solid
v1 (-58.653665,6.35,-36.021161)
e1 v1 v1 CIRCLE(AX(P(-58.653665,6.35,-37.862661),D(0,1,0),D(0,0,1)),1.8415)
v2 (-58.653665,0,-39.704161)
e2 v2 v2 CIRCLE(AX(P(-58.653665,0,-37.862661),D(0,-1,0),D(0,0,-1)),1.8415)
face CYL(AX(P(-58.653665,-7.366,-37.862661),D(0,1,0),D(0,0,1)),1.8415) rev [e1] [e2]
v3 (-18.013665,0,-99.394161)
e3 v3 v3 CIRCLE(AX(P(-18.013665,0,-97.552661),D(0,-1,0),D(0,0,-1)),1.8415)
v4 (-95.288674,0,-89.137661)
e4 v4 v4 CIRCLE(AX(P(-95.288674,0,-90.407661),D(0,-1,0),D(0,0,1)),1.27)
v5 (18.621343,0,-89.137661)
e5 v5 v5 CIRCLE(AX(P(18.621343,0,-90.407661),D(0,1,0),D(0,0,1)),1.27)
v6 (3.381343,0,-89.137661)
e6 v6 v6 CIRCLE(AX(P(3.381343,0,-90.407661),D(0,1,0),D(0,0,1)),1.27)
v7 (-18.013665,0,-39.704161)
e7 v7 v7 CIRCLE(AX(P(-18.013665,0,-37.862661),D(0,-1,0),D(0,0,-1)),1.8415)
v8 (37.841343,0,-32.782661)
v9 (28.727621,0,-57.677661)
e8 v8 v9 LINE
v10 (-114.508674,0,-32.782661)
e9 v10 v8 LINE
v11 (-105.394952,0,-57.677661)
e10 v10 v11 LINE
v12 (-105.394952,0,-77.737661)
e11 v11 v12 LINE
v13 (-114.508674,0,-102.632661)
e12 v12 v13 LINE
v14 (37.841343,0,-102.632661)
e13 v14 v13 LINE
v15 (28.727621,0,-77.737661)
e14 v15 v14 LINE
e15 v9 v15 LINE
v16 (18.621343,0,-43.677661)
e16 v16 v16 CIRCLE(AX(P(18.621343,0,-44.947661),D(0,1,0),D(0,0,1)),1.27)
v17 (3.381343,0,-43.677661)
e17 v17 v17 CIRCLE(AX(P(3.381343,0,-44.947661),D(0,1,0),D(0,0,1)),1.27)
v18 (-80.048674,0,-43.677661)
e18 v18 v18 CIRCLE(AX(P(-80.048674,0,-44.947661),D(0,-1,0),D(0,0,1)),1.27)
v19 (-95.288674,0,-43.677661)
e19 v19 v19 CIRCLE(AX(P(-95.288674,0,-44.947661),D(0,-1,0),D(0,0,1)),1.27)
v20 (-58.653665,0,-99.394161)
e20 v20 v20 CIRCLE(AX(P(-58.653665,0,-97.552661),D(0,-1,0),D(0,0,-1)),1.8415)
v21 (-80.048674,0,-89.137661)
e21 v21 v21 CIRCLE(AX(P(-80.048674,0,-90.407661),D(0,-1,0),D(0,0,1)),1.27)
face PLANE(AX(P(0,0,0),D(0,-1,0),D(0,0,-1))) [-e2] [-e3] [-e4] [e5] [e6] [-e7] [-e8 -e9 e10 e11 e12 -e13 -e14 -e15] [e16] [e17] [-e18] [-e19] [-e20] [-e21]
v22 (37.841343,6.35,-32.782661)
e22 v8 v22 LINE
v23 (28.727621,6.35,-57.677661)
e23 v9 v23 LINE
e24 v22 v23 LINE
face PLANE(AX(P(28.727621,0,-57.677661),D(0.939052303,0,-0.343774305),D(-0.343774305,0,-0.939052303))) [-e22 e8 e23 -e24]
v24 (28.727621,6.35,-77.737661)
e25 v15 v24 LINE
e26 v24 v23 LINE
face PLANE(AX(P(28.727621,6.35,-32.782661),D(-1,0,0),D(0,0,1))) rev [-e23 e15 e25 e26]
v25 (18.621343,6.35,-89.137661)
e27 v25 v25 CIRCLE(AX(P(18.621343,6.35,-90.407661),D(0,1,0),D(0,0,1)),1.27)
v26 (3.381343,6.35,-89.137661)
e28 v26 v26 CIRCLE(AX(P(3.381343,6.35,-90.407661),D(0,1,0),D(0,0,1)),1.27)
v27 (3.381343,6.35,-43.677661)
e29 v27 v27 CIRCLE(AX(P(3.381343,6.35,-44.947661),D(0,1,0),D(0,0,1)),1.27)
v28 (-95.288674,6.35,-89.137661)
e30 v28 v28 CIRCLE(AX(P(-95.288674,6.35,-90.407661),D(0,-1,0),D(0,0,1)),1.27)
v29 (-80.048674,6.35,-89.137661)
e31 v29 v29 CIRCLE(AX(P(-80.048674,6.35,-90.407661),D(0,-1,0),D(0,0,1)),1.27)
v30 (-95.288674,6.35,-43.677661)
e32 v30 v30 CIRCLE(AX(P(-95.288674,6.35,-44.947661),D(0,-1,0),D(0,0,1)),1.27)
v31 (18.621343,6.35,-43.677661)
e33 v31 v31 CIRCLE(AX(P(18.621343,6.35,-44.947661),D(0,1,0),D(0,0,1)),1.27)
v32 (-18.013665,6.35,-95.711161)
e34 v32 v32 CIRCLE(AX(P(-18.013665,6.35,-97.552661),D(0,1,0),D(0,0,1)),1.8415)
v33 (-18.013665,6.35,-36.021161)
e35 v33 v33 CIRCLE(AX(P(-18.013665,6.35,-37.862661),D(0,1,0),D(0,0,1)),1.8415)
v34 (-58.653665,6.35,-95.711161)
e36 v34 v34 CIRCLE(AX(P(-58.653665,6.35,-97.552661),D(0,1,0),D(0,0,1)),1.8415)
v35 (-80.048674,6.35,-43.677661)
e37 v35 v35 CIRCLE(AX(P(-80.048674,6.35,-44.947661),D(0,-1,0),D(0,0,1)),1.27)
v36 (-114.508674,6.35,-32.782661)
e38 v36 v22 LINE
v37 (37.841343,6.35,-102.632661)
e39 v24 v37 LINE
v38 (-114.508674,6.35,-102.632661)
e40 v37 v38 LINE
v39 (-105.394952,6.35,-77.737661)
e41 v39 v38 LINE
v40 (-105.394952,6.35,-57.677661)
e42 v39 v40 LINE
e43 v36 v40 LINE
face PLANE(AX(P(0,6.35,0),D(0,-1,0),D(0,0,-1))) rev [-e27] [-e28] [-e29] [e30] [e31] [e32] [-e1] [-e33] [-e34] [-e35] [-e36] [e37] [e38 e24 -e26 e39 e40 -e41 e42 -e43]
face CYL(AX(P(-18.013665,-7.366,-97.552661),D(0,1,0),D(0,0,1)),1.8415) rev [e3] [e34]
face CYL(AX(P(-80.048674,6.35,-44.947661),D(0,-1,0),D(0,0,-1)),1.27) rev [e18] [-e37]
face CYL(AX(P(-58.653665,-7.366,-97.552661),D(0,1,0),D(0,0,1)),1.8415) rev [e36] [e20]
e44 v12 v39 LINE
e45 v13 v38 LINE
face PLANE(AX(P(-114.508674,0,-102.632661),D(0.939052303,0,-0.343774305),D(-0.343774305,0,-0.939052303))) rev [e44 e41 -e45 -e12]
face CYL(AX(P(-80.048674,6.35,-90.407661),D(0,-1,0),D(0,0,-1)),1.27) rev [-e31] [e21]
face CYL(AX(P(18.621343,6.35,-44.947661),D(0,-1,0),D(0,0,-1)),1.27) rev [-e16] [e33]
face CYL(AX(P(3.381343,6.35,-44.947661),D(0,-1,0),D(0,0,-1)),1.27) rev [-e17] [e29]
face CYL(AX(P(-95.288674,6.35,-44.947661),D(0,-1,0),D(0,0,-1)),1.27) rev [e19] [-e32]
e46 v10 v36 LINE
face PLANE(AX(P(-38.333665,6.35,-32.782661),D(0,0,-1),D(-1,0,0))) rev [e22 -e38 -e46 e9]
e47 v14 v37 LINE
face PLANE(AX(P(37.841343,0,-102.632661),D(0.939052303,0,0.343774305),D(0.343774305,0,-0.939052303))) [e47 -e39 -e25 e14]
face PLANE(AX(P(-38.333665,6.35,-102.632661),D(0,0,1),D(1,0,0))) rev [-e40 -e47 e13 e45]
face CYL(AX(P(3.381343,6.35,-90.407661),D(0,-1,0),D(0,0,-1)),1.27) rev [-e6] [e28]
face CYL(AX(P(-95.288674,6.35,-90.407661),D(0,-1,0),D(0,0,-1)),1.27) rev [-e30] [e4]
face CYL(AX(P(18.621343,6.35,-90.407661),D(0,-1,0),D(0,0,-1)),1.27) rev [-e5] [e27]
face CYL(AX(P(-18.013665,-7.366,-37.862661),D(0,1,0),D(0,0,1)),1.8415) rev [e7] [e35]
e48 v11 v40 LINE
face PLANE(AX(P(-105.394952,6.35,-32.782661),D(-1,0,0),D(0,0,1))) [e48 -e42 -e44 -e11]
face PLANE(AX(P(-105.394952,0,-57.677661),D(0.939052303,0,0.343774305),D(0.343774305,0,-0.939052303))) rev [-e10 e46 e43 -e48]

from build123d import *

# Parameters (mm, degrees)
SKETCH1_W           = 67.061286962
SKETCH1_H           = 69.85
SKETCH1_R           = 1.27
BOSS_EXTRUDE1_DEPTH = 6.35
SKETCH2_W           = 20.976278342
SKETCH2_H           = 20.060000012
BOSS_EXTRUDE2_DEPTH = 12.7
BOSS_EXTRUDE3_DEPTH = 6.35
SKETCH4_W           = 170.998259203
SKETCH4_H           = 17.997071231
CUT_EXTRUDE1_DEPTH  = 70.85
SKETCH8_R           = 1.8415
CUT_EXTRUDE3_DEPTH  = 13.716


with BuildPart() as part:
    # Sketch1 → Boss-Extrude1 (new body)
    with BuildSketch(Plane(origin=(0, 0, 0), x_dir=(1, 0, 0), z_dir=(0, 1, 0))):
        with Locations((-4.803022, 67.707661351)):
            Rectangle(SKETCH1_W, SKETCH1_H)
        with Locations((3.381343157, 90.407661351)):
            Circle(SKETCH1_R, mode=Mode.SUBTRACT)
        with Locations((18.621343157, 90.407661351)):
            Circle(SKETCH1_R, mode=Mode.SUBTRACT)
        with Locations((3.381343157, 44.947661351)):
            Circle(SKETCH1_R, mode=Mode.SUBTRACT)
        with Locations((18.621343157, 44.947661351)):
            Circle(SKETCH1_R, mode=Mode.SUBTRACT)
    boss_extrude1 = extrude(amount=BOSS_EXTRUDE1_DEPTH)

    # Sketch2 → Boss-Extrude2 (add)
    with BuildSketch(Plane(origin=(0, 6.35, 0), x_dir=(1, 0, 0), z_dir=(0, 1, 0))):
        with Locations((18.23948231, 67.707661351)):
            Rectangle(SKETCH2_W, SKETCH2_H)
    boss_extrude2 = extrude(amount=BOSS_EXTRUDE2_DEPTH)

    # Sketch3 → Boss-Extrude3 (add)
    with BuildSketch(Plane(origin=(0, 6.35, 0), x_dir=(1, 0, 0), z_dir=(0, 1, 0))):
        Polygon((37.841343157, 102.632661351), (28.727621481, 77.737661357), (28.727621481, 102.632661351), align=None)
        Polygon((28.727621481, 57.677661345), (37.841343157, 32.782661351), (28.727621481, 32.782661351), align=None)
    boss_extrude3 = extrude(amount=-BOSS_EXTRUDE3_DEPTH)

    # Mirror2: Boss-Extrude1, Boss-Extrude2, Boss-Extrude3 across plane
    add(boss_extrude1.mirror(Plane(origin=(-38.333665481, 6.35, -32.782661351), x_dir=(0, 0, 1), z_dir=(1, 0, 0))))
    add(boss_extrude2.mirror(Plane(origin=(-38.333665481, 6.35, -32.782661351), x_dir=(0, 0, 1), z_dir=(1, 0, 0))))
    add(boss_extrude3.mirror(Plane(origin=(-38.333665481, 6.35, -32.782661351), x_dir=(0, 0, 1), z_dir=(1, 0, 0))))

    # Sketch4 → Cut-Extrude1 (cut, through all)
    with BuildSketch(Plane.XY.offset(-32.782661351)):
        with Locations((-47.657786445, 15.348535616)):
            Rectangle(SKETCH4_W, SKETCH4_H)
    extrude(amount=-CUT_EXTRUDE1_DEPTH, mode=Mode.SUBTRACT)

    # Sketch8 → Cut-Extrude3 (cut)
    with BuildSketch(Plane(origin=(0, 6.35, 0), x_dir=(1, 0, 0), z_dir=(0, 1, 0))):
        with Locations((-58.653665481, 97.552661351)):
            Circle(SKETCH8_R)
        with Locations((-18.013665481, 97.552661351)):
            Circle(SKETCH8_R)
        with Locations((-18.013665481, 37.862661351)):
            Circle(SKETCH8_R)
        with Locations((-58.653665481, 37.862661351)):
            Circle(SKETCH8_R)
    extrude(amount=-CUT_EXTRUDE3_DEPTH, mode=Mode.SUBTRACT)


solid = part.part
